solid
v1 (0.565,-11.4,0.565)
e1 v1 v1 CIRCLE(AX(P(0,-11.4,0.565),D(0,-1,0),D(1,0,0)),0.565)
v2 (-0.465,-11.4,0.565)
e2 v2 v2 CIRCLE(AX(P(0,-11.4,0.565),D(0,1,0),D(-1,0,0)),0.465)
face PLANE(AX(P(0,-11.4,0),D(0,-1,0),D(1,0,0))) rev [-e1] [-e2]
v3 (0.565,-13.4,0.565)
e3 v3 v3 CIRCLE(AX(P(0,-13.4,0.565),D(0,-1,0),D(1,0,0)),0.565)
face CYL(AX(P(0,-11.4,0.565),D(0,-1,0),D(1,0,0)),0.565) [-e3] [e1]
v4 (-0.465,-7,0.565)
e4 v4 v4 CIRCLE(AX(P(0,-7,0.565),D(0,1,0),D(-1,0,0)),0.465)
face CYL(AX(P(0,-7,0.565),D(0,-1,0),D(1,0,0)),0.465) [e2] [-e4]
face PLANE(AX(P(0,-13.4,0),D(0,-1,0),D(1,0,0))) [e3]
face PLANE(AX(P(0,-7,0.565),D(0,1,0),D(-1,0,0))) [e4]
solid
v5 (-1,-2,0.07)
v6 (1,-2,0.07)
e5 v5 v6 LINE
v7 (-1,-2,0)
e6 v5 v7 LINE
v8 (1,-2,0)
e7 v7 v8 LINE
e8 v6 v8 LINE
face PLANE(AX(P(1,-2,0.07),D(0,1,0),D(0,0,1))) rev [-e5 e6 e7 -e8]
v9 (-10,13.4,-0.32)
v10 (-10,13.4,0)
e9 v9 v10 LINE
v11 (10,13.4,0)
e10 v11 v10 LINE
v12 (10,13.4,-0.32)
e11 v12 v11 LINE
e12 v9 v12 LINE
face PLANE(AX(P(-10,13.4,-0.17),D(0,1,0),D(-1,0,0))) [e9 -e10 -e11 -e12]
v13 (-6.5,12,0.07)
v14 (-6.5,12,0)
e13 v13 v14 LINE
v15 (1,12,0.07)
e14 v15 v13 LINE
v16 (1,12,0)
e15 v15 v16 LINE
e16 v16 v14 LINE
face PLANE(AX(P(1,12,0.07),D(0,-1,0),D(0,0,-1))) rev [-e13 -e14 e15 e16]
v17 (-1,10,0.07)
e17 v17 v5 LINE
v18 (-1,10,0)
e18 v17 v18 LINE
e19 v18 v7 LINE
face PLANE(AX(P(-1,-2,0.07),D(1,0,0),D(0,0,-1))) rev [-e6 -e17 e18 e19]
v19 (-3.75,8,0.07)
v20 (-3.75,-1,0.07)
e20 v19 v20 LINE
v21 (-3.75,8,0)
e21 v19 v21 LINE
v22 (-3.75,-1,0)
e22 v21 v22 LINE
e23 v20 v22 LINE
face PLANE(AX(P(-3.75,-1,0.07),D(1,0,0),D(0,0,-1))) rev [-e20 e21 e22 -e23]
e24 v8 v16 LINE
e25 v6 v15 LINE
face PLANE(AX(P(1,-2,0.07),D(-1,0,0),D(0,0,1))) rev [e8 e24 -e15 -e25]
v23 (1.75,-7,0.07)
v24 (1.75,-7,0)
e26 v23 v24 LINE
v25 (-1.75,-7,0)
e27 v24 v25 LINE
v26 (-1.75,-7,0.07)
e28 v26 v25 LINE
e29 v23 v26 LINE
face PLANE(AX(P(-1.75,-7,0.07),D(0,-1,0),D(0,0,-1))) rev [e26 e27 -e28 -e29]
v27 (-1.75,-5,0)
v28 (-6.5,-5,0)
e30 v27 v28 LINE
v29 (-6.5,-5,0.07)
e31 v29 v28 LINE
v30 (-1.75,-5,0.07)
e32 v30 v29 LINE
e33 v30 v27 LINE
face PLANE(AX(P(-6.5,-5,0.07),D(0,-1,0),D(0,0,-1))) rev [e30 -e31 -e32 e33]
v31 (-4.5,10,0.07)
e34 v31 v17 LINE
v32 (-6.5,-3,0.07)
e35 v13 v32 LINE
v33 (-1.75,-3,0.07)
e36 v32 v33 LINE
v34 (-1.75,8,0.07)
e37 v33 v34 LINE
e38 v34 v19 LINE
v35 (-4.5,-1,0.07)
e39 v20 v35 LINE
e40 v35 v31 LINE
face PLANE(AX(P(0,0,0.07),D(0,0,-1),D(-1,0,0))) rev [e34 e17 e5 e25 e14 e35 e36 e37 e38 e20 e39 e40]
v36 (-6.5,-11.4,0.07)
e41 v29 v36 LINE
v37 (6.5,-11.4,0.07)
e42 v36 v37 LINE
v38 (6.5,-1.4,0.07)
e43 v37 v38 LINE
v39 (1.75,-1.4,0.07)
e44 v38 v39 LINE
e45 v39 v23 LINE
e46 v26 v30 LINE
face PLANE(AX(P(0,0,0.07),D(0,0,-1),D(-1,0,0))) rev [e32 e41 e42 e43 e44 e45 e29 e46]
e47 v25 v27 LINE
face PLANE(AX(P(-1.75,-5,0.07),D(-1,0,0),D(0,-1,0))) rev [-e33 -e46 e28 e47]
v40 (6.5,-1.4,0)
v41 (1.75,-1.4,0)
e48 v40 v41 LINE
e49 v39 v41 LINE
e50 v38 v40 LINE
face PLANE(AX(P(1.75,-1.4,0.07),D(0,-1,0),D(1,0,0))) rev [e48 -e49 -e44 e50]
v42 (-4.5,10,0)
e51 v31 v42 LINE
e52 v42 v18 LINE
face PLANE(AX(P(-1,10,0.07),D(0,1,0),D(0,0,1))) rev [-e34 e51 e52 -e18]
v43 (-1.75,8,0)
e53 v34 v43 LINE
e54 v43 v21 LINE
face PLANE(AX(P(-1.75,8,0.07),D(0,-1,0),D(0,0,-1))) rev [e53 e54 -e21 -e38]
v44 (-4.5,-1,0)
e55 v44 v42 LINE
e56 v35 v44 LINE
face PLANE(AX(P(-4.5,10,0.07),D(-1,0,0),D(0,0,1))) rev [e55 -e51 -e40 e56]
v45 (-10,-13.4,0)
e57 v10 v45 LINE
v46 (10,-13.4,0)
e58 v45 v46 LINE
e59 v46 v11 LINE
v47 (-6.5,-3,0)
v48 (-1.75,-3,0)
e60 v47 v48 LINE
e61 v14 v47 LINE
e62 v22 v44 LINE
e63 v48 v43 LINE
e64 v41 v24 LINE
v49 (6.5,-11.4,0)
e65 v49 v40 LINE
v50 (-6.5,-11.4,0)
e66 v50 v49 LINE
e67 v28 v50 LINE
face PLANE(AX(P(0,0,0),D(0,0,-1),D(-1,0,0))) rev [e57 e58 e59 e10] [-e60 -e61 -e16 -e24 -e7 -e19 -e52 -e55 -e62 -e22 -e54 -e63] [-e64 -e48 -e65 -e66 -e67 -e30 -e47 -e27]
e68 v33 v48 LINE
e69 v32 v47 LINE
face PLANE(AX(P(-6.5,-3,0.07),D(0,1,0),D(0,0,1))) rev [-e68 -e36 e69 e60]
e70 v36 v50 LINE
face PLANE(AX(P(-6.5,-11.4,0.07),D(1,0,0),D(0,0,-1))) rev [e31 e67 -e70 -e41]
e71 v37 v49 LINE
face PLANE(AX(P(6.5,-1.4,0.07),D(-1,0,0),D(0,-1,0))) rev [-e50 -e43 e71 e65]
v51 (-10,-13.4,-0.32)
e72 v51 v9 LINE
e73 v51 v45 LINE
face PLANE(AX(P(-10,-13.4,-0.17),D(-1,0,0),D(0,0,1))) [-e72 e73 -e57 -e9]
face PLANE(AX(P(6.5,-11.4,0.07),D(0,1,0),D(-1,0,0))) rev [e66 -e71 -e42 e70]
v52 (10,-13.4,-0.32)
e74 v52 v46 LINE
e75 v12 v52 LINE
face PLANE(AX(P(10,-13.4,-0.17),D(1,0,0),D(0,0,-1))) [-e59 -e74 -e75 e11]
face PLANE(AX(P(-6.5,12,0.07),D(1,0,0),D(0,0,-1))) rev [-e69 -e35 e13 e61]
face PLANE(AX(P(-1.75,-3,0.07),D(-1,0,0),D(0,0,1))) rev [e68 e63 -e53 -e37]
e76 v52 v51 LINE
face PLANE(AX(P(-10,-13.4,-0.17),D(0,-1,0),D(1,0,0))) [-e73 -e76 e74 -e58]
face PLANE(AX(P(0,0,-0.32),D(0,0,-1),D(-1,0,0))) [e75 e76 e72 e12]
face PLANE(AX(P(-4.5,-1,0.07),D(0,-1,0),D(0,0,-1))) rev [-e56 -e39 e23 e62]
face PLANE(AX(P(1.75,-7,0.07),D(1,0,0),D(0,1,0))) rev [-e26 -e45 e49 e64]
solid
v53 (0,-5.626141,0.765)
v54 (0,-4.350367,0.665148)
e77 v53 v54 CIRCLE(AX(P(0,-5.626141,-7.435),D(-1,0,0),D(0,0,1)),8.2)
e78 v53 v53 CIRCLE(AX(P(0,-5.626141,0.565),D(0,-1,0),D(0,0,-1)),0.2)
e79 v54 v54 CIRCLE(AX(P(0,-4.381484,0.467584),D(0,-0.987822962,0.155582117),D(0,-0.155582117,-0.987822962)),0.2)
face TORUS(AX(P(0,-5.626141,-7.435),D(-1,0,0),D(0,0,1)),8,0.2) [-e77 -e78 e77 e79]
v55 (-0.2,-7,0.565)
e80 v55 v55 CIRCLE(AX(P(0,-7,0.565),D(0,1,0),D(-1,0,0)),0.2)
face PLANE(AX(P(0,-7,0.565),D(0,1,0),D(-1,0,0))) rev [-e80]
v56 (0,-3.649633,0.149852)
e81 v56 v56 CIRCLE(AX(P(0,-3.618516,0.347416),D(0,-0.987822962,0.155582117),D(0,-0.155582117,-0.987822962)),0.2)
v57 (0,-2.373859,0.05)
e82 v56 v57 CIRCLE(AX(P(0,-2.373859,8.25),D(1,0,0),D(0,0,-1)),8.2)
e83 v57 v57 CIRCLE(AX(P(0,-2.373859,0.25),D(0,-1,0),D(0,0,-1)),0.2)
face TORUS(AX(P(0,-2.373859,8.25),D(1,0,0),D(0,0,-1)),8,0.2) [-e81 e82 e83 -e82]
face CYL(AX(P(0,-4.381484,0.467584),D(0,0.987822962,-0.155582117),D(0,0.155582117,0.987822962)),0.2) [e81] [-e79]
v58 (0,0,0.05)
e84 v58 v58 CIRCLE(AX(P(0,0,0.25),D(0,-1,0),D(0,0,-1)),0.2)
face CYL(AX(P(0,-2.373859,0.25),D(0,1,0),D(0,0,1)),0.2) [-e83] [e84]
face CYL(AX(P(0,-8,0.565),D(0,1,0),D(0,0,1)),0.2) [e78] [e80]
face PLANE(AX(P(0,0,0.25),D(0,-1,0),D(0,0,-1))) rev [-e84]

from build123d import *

# Parameters (mm, degrees)
SKETCH1_W           = 20
SKETCH1_H           = 26.8
BOSS_EXTRUDE1_DEPTH = 0.17
BOSS_EXTRUDE2_START = -0.17
SKETCH1_2_W         = 20
SKETCH1_2_H         = 26.8
BOSS_EXTRUDE2_DEPTH = 0.15
BOSS_EXTRUDE3_DEPTH = 0.07
SKETCH3_R           = 0.565
BOSS_EXTRUDE8_DEPTH = 2
SKETCH4_R           = 0.465
BOSS_EXTRUDE9_DEPTH = 4.4
SWEEP4_PROFILE_R    = 0.2


with BuildPart() as part:
    # Sketch1 → Boss-Extrude1 (new body)
    with BuildSketch(Plane.XY):
        Rectangle(SKETCH1_W, SKETCH1_H)
    extrude(amount=-BOSS_EXTRUDE1_DEPTH)

    # Sketch1<2> → Boss-Extrude2 (add)
    with BuildSketch(Plane.XY.offset(BOSS_EXTRUDE2_START)):
        Rectangle(SKETCH1_2_W, SKETCH1_2_H)
    extrude(amount=-BOSS_EXTRUDE2_DEPTH)

    # Sketch2 → Boss-Extrude3 (add)
    with BuildSketch(Plane.XY):
        Polygon((1, -2), (1, 12), (-6.5, 12), (-6.5, -3), (-1.75, -3), (-1.75, 8), (-3.75, 8), (-3.75, -1), (-4.5, -1), (-4.5, 10), (-1, 10), (-1, -2), align=None)
        Polygon((-6.5, -5), (-1.75, -5), (-1.75, -7), (1.75, -7), (1.75, -1.4), (6.5, -1.4), (6.5, -11.4), (-6.5, -11.4), align=None)
    extrude(amount=BOSS_EXTRUDE3_DEPTH)


with BuildPart() as body_2:
    # Sketch3 → Boss-Extrude8 (new body)
    with BuildSketch(Plane.XZ.offset(13.4)):
        with Locations((0, 0.565)):
            Circle(SKETCH3_R)
    extrude(amount=-BOSS_EXTRUDE8_DEPTH)

    # Sketch4 → Boss-Extrude9 (add)
    with BuildSketch(Plane(origin=(0, -11.4, 0), x_dir=(1, 0, 0), z_dir=(0, 1, 0))):
        with Locations(Location((0, -0.565, 0), (0, 0, 180))):
            Circle(SKETCH4_R)
    extrude(amount=BOSS_EXTRUDE9_DEPTH)


with BuildPart() as body_3:
    # Sweep4: sweep along a path in Sketch5
    with BuildLine(Plane(origin=(0, 0, 0), x_dir=(0, 0, -1), z_dir=(1, 0, 0))) as sweep4_path:
        Line((-0.565, -7), (-0.565, -5.626140736))
        ThreePointArc((-0.565, -5.626140736), (-0.540608741, -5.001909045), (-0.467583699, -4.381483803))
        Line((-0.467583699, -4.381483803), (-0.347416301, -3.618516197))
        ThreePointArc((-0.347416301, -3.618516197), (-0.274391259, -2.998090955), (-0.25, -2.373859264))
        Line((-0.25, -2.373859264), (-0.25, 0))
    # Sweep4 profile (on start of the path) → Sweep4 (sweep)
    with BuildSketch(Plane(origin=(0, -7, 0.565), x_dir=(0, 0, 1), z_dir=(0, 1, 0))):
        Circle(SWEEP4_PROFILE_R)
    sweep(path=sweep4_path.line)


solid = Compound([part.part, body_2.part, body_3.part])
